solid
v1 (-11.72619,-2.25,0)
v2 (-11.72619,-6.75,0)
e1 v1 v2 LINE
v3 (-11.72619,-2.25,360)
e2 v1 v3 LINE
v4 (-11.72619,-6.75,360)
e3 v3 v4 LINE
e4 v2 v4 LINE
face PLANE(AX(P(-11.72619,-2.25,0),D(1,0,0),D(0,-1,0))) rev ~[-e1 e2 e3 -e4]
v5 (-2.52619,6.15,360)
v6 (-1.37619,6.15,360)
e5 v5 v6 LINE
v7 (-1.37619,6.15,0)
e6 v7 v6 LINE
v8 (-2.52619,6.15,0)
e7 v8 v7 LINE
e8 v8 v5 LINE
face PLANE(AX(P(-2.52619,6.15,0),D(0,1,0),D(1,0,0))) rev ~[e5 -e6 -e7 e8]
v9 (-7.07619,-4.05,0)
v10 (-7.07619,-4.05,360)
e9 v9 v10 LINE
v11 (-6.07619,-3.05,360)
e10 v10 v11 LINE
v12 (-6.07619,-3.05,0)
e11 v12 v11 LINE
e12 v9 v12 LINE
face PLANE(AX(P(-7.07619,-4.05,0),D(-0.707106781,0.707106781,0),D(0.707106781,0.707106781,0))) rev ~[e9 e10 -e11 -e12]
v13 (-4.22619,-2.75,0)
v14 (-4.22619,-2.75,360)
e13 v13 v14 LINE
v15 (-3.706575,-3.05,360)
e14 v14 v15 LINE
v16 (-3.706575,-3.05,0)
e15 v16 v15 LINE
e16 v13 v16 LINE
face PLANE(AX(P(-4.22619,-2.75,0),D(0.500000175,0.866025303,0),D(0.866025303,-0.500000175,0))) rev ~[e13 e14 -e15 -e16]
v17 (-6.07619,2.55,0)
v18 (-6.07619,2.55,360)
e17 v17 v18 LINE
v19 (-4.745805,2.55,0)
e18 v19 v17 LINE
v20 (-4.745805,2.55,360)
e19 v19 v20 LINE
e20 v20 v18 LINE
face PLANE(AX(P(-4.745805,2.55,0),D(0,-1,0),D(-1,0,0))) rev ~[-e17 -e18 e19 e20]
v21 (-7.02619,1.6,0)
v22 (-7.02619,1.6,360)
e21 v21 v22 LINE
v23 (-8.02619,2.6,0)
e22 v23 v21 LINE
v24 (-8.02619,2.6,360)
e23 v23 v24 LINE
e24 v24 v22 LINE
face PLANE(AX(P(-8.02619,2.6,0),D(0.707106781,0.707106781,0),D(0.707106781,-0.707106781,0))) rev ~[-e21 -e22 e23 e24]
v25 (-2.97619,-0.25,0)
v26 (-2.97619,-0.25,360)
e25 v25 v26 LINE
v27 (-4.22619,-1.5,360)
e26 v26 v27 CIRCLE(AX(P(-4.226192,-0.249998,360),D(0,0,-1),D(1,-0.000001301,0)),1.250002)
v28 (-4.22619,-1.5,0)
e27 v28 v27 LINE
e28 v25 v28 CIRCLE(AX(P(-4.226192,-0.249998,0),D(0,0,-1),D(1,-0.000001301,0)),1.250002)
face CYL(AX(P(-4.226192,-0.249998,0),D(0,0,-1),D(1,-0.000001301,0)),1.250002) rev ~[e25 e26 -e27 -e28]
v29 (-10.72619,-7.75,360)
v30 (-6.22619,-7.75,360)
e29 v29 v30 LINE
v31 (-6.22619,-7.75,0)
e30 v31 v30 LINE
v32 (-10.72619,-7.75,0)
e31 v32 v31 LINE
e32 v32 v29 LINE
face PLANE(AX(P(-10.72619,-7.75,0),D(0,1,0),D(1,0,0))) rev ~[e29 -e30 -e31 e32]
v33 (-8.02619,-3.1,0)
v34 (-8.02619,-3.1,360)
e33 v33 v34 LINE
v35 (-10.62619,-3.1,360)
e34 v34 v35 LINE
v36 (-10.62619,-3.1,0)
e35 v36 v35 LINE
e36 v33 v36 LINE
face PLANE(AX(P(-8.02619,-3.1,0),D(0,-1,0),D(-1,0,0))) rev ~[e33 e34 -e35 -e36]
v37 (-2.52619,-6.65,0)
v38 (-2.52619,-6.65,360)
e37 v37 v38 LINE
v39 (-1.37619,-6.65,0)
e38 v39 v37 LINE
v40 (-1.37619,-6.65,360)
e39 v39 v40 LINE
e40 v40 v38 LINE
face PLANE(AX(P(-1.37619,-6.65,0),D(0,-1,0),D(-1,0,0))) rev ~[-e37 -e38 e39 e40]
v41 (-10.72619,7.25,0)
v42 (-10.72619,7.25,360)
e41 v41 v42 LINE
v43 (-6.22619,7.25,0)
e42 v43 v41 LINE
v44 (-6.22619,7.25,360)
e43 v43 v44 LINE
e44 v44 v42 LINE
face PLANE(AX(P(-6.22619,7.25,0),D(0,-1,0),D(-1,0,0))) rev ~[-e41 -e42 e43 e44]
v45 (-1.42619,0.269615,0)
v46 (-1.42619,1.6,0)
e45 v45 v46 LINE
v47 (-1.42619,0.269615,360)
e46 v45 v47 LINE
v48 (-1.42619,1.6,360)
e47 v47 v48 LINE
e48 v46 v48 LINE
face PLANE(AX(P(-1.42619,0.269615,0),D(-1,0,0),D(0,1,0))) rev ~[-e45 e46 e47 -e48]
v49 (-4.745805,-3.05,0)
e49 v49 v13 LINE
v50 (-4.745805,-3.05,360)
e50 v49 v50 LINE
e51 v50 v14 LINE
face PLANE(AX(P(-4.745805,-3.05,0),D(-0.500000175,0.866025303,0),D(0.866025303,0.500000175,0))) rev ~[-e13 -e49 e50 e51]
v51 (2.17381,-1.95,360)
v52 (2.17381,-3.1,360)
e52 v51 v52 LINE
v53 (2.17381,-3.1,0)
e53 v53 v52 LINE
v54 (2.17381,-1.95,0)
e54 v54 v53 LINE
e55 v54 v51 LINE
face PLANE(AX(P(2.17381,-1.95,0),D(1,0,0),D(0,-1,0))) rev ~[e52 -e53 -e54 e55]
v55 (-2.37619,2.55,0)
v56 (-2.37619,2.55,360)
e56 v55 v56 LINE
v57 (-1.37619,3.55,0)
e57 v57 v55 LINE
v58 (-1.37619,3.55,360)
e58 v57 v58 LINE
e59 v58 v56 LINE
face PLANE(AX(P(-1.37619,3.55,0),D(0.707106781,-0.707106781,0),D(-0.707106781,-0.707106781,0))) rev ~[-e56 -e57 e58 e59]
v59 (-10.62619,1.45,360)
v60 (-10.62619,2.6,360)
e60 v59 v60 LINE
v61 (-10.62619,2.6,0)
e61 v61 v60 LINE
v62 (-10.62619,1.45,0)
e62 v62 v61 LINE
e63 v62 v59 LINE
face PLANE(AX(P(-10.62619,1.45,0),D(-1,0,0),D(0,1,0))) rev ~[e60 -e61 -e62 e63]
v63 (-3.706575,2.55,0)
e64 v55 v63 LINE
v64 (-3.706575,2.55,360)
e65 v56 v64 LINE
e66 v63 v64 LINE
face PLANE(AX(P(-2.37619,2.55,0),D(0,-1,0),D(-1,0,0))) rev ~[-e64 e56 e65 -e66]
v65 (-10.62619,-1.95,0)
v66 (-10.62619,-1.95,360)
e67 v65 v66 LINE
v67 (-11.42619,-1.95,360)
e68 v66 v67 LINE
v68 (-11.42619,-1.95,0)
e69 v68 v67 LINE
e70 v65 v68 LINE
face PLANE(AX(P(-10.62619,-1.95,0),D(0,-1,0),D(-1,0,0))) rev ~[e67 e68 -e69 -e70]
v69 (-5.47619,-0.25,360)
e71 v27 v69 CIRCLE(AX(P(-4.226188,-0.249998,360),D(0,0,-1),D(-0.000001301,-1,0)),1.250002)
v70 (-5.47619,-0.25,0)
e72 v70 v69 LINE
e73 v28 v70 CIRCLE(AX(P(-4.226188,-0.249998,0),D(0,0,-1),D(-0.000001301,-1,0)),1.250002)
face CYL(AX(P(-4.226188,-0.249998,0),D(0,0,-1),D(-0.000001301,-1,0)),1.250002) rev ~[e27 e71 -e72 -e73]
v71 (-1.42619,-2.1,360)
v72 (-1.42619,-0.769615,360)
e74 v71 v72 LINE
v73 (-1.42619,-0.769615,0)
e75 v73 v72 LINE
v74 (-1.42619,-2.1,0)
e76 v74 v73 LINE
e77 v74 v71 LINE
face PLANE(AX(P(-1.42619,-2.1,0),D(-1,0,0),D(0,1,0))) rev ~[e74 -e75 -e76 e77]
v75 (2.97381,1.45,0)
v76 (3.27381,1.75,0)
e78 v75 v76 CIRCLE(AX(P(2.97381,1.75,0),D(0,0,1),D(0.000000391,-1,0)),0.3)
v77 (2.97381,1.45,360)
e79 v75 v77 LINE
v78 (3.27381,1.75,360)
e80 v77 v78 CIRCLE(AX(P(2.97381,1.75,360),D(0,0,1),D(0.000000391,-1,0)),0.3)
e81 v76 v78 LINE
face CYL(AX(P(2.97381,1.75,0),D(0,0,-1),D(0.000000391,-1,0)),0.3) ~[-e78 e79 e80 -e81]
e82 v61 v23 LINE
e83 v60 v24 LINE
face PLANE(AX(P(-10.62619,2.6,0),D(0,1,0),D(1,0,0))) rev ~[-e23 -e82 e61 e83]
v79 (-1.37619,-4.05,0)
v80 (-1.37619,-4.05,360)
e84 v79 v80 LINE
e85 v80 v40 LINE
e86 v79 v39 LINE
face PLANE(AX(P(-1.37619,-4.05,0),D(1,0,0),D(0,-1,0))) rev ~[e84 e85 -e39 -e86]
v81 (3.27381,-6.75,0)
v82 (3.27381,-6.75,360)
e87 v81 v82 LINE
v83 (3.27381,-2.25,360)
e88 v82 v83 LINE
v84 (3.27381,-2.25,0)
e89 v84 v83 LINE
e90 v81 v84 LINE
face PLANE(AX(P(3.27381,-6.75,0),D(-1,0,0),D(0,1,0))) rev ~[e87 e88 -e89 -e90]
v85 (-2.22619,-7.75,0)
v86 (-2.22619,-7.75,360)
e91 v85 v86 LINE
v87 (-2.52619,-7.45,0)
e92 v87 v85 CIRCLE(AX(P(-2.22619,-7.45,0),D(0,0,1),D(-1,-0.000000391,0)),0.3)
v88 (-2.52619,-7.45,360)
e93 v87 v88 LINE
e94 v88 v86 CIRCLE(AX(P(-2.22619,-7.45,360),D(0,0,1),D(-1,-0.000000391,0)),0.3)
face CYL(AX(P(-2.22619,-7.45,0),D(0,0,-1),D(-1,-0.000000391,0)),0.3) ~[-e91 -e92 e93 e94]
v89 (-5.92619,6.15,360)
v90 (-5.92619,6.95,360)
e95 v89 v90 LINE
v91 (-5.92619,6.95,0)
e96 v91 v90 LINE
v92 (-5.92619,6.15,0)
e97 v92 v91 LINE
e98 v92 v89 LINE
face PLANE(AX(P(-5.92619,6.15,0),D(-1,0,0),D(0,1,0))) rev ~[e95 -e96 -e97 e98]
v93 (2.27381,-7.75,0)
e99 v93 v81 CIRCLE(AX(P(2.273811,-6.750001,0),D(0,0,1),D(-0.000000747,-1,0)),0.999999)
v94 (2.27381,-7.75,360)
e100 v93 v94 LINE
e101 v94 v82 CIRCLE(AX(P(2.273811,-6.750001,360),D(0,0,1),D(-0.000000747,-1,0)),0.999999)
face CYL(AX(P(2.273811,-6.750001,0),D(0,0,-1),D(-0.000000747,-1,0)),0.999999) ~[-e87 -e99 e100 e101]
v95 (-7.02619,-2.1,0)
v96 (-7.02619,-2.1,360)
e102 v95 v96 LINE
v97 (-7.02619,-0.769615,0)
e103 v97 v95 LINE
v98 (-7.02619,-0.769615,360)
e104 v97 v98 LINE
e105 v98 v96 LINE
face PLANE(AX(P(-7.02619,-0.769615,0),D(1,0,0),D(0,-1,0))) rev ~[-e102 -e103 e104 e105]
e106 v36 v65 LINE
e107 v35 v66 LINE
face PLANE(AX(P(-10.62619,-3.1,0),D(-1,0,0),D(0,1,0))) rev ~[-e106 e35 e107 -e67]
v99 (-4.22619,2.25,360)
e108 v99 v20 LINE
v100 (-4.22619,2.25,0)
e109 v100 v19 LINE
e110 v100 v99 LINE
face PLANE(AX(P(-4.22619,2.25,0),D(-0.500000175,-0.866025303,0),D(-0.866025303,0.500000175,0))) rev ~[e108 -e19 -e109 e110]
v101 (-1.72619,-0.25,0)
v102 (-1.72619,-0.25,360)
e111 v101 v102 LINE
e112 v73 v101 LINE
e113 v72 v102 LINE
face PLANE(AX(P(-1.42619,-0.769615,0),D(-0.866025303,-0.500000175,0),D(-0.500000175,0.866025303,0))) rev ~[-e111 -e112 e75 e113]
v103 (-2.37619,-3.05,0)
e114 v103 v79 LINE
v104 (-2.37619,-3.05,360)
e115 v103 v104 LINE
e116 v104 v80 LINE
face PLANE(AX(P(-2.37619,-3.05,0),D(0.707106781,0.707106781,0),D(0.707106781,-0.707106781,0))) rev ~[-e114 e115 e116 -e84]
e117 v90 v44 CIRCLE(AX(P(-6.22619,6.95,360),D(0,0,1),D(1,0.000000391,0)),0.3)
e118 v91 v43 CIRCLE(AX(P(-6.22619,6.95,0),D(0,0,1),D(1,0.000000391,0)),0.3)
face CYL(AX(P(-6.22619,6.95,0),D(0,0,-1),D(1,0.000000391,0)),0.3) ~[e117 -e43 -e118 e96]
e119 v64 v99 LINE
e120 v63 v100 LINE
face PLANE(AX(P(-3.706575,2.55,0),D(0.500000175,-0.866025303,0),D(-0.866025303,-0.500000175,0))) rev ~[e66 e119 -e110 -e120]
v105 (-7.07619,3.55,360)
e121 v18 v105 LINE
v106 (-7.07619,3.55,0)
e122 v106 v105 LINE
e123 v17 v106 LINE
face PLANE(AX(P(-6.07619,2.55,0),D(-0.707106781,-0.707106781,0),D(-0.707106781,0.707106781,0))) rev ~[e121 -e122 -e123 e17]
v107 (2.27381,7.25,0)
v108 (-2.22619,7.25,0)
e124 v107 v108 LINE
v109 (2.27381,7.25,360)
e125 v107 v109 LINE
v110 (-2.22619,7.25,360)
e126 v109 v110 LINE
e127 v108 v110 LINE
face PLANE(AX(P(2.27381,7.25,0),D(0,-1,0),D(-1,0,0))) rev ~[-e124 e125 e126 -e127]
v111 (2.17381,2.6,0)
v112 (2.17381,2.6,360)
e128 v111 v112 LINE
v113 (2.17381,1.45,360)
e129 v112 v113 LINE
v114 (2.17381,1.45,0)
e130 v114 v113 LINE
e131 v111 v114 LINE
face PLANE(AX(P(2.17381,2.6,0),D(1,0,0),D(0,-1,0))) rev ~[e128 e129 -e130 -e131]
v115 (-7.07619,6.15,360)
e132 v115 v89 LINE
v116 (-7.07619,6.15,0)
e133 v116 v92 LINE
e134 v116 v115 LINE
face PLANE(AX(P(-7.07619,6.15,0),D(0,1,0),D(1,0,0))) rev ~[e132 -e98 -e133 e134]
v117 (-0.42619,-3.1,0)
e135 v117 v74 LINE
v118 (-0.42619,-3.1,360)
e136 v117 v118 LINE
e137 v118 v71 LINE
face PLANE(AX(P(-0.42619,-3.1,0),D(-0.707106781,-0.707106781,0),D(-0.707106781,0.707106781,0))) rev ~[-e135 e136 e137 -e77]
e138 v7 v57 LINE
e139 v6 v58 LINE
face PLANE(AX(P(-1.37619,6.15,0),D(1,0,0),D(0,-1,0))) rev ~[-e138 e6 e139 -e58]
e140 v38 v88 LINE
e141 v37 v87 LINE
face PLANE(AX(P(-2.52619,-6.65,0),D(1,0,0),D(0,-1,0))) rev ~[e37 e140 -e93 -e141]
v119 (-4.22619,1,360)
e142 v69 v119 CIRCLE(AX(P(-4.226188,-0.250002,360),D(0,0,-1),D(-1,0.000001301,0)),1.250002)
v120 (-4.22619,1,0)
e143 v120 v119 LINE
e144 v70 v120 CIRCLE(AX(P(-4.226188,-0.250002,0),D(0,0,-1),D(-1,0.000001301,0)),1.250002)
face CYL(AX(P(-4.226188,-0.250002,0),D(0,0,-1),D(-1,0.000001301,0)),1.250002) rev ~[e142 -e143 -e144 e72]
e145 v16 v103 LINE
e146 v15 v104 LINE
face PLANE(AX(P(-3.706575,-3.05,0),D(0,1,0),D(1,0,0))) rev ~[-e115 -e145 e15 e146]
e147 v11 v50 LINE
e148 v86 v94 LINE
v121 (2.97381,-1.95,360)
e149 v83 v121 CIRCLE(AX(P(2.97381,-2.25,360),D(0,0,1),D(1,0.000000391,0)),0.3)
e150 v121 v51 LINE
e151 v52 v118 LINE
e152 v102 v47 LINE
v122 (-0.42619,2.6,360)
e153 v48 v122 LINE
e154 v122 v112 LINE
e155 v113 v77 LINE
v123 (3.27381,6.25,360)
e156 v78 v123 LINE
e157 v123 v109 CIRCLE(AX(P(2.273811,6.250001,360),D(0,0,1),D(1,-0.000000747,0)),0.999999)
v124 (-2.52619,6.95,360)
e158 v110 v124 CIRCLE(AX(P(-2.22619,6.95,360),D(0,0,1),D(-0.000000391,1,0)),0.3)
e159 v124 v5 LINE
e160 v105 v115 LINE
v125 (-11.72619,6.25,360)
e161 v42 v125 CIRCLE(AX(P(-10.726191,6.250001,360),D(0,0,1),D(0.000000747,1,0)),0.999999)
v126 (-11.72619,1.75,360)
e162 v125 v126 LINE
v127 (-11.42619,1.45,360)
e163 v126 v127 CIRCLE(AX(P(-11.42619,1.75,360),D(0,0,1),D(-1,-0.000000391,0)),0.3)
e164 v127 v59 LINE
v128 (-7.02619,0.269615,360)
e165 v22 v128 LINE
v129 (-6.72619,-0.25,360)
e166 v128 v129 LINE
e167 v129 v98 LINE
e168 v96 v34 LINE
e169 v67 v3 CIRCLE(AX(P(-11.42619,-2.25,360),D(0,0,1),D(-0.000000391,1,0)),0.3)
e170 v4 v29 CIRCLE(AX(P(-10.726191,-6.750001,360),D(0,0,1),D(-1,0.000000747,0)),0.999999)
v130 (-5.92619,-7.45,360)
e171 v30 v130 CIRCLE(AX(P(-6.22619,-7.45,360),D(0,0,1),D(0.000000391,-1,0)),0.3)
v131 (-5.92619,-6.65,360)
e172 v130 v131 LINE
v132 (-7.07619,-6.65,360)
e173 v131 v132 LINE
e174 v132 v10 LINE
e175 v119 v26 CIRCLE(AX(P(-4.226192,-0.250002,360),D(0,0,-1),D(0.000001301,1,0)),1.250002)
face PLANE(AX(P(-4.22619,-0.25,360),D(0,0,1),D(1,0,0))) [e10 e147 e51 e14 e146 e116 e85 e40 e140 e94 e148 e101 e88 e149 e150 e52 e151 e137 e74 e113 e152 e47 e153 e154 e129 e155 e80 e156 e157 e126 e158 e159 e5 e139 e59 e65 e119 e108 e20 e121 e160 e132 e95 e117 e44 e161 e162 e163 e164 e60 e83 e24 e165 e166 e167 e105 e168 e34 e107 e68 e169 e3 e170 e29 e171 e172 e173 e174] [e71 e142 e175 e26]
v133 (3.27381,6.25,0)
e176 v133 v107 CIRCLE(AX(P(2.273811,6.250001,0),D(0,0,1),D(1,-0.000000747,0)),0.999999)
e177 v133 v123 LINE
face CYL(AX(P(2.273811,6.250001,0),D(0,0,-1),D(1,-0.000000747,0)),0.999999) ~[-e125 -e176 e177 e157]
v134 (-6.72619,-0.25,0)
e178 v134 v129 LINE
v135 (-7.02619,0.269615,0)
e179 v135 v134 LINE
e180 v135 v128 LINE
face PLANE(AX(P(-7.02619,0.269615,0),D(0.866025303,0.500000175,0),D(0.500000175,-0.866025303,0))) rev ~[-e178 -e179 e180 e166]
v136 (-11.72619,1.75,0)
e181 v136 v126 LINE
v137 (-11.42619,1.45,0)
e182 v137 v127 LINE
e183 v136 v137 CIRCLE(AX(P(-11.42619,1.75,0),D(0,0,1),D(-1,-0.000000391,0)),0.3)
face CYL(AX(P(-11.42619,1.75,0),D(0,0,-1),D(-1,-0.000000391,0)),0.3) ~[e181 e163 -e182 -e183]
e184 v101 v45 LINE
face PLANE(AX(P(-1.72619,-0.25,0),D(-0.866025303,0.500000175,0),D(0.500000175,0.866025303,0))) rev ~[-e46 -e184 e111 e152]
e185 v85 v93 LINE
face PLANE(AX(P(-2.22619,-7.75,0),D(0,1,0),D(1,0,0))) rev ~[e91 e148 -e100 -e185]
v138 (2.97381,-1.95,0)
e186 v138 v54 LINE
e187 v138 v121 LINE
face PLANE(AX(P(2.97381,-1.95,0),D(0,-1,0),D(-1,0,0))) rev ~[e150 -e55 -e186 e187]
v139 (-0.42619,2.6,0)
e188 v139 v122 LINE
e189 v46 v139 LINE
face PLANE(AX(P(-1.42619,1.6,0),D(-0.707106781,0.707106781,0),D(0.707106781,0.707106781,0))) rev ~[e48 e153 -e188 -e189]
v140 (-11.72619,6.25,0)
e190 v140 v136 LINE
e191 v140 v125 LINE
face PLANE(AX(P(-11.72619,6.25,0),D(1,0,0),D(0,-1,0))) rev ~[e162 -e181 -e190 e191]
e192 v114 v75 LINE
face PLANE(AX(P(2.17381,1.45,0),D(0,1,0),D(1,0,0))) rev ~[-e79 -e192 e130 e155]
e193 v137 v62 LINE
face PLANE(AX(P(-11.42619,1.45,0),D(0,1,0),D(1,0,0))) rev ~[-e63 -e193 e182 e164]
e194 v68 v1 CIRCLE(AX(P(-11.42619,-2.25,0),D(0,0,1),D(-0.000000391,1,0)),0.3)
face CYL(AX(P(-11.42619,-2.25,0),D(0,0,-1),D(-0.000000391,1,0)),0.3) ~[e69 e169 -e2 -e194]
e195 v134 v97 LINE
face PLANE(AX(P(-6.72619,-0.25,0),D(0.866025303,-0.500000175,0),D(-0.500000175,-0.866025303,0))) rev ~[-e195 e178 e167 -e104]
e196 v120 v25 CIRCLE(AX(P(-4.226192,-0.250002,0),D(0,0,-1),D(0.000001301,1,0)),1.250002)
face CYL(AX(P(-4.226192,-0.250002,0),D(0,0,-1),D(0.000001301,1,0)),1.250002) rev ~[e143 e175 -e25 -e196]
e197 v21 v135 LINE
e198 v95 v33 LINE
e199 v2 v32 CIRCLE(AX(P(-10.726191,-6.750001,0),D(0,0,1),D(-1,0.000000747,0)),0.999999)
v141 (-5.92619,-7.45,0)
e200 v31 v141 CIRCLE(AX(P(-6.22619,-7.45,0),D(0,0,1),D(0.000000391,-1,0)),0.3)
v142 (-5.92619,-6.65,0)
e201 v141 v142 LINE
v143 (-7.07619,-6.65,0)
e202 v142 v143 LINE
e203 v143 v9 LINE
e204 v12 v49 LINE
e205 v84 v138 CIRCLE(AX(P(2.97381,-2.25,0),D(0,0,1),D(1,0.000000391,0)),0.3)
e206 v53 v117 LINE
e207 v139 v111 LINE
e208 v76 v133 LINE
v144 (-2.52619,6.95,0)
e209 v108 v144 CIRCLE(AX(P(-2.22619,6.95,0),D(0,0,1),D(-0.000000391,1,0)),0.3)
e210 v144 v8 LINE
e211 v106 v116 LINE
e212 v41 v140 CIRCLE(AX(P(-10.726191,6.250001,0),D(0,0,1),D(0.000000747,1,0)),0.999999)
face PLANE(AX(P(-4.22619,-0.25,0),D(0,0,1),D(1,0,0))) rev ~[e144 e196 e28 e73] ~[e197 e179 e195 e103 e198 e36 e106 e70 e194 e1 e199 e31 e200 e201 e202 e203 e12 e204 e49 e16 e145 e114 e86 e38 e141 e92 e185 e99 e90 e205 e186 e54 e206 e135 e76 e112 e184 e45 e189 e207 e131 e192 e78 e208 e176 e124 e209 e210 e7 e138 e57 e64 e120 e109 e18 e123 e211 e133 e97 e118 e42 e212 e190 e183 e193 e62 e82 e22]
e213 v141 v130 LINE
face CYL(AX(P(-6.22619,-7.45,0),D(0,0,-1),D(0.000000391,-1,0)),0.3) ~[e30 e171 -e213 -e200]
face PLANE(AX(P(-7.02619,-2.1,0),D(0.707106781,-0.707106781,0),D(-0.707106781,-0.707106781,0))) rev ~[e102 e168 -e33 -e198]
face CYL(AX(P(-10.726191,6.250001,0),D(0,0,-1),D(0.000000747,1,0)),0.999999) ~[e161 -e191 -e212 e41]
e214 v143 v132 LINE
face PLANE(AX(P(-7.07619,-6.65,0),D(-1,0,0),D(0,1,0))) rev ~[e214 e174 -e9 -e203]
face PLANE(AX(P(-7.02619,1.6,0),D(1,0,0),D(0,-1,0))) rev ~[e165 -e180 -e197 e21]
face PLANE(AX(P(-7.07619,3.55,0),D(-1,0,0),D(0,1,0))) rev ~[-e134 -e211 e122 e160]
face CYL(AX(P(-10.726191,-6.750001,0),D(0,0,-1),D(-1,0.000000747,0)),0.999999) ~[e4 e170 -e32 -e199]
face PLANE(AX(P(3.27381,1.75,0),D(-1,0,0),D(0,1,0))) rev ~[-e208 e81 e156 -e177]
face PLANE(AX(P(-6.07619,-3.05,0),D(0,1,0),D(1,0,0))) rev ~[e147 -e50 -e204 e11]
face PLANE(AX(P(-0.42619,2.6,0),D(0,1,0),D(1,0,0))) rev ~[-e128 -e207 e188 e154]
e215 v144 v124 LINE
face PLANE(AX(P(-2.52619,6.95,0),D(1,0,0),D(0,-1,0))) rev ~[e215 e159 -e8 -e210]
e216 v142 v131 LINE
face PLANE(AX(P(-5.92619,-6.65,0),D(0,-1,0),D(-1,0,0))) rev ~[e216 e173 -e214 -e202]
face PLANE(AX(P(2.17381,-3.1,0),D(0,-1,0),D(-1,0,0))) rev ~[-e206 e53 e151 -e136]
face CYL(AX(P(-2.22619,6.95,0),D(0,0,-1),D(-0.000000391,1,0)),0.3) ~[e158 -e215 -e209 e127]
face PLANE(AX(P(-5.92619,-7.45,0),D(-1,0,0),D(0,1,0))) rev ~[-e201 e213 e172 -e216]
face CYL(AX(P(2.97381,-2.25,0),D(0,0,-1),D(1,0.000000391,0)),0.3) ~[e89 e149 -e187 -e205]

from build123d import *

# Parameters (mm, degrees)
F1_DEPTH = 360


with BuildPart() as f1:
    # F0 (on Top) → F1 (new body)
    with BuildSketch(Plane.XY):
        with BuildLine():
            ThreePointArc((-10.72619, 7.25), (-11.433297, 6.957107), (-11.72619, 6.25))
            Line((-11.72619, 6.25), (-11.72619, 1.75))
            ThreePointArc((-11.72619, 1.75), (-11.638322, 1.537868), (-11.42619, 1.45))
            Line((-11.42619, 1.45), (-10.62619, 1.45))
            Line((-10.62619, 1.45), (-10.62619, 2.6))
            Line((-10.62619, 2.6), (-8.02619, 2.6))
            Line((-8.02619, 2.6), (-7.02619, 1.6))
            Line((-7.02619, 1.6), (-7.02619, 0.269615))
            Line((-7.02619, 0.269615), (-6.72619, -0.25))
            Line((-6.72619, -0.25), (-7.02619, -0.769615))
            Line((-7.02619, -0.769615), (-7.02619, -2.1))
            Line((-7.02619, -2.1), (-8.02619, -3.1))
            Line((-8.02619, -3.1), (-10.62619, -3.1))
            Line((-10.62619, -3.1), (-10.62619, -1.95))
            Line((-10.62619, -1.95), (-11.42619, -1.95))
            ThreePointArc((-11.42619, -1.95), (-11.638322, -2.037868), (-11.72619, -2.25))
            Line((-11.72619, -2.25), (-11.72619, -6.75))
            ThreePointArc((-11.72619, -6.75), (-11.433297, -7.457107), (-10.72619, -7.75))
            Line((-10.72619, -7.75), (-6.22619, -7.75))
            ThreePointArc((-6.22619, -7.75), (-6.014058, -7.662132), (-5.92619, -7.45))
            Line((-5.92619, -7.45), (-5.92619, -6.65))
            Line((-5.92619, -6.65), (-7.07619, -6.65))
            Line((-7.07619, -6.65), (-7.07619, -4.05))
            Line((-7.07619, -4.05), (-6.07619, -3.05))
            Line((-6.07619, -3.05), (-4.745805, -3.05))
            Line((-4.745805, -3.05), (-4.22619, -2.75))
            Line((-4.22619, -2.75), (-3.706575, -3.05))
            Line((-3.706575, -3.05), (-2.37619, -3.05))
            Line((-2.37619, -3.05), (-1.37619, -4.05))
            Line((-1.37619, -4.05), (-1.37619, -6.65))
            Line((-1.37619, -6.65), (-2.52619, -6.65))
            Line((-2.52619, -6.65), (-2.52619, -7.45))
            ThreePointArc((-2.52619, -7.45), (-2.438322, -7.662132), (-2.22619, -7.75))
            Line((-2.22619, -7.75), (2.27381, -7.75))
            ThreePointArc((2.27381, -7.75), (2.980917, -7.457107), (3.27381, -6.75))
            Line((3.27381, -6.75), (3.27381, -2.25))
            ThreePointArc((3.27381, -2.25), (3.185942, -2.037868), (2.97381, -1.95))
            Line((2.97381, -1.95), (2.17381, -1.95))
            Line((2.17381, -1.95), (2.17381, -3.1))
            Line((2.17381, -3.1), (-0.42619, -3.1))
            Line((-0.42619, -3.1), (-1.42619, -2.1))
            Line((-1.42619, -2.1), (-1.42619, -0.769615))
            Line((-1.42619, -0.769615), (-1.72619, -0.25))
            Line((-1.72619, -0.25), (-1.42619, 0.269615))
            Line((-1.42619, 0.269615), (-1.42619, 1.6))
            Line((-1.42619, 1.6), (-0.42619, 2.6))
            Line((-0.42619, 2.6), (2.17381, 2.6))
            Line((2.17381, 2.6), (2.17381, 1.45))
            Line((2.17381, 1.45), (2.97381, 1.45))
            ThreePointArc((2.97381, 1.45), (3.185942, 1.537868), (3.27381, 1.75))
            Line((3.27381, 1.75), (3.27381, 6.25))
            ThreePointArc((3.27381, 6.25), (2.980917, 6.957107), (2.27381, 7.25))
            Line((2.27381, 7.25), (-2.22619, 7.25))
            ThreePointArc((-2.22619, 7.25), (-2.438322, 7.162132), (-2.52619, 6.95))
            Line((-2.52619, 6.95), (-2.52619, 6.15))
            Line((-2.52619, 6.15), (-1.37619, 6.15))
            Line((-1.37619, 6.15), (-1.37619, 3.55))
            Line((-1.37619, 3.55), (-2.37619, 2.55))
            Line((-2.37619, 2.55), (-3.706575, 2.55))
            Line((-3.706575, 2.55), (-4.22619, 2.25))
            Line((-4.22619, 2.25), (-4.745805, 2.55))
            Line((-4.745805, 2.55), (-6.07619, 2.55))
            Line((-6.07619, 2.55), (-7.07619, 3.55))
            Line((-7.07619, 3.55), (-7.07619, 6.15))
            Line((-7.07619, 6.15), (-5.92619, 6.15))
            Line((-5.92619, 6.15), (-5.92619, 6.95))
            ThreePointArc((-5.92619, 6.95), (-6.014058, 7.162132), (-6.22619, 7.25))
            Line((-6.22619, 7.25), (-10.72619, 7.25))
        make_face()
        with BuildLine():
            ThreePointArc((-4.22619, -1.5), (-5.110073, -1.133883), (-5.47619, -0.25))
            ThreePointArc((-5.47619, -0.25), (-5.110073, 0.633883), (-4.22619, 1))
            ThreePointArc((-4.22619, 1), (-3.342307, 0.633883), (-2.97619, -0.25))
            ThreePointArc((-2.97619, -0.25), (-3.342307, -1.133883), (-4.22619, -1.5))
        make_face(mode=Mode.SUBTRACT)
    extrude(amount=F1_DEPTH)


solid = f1.part
